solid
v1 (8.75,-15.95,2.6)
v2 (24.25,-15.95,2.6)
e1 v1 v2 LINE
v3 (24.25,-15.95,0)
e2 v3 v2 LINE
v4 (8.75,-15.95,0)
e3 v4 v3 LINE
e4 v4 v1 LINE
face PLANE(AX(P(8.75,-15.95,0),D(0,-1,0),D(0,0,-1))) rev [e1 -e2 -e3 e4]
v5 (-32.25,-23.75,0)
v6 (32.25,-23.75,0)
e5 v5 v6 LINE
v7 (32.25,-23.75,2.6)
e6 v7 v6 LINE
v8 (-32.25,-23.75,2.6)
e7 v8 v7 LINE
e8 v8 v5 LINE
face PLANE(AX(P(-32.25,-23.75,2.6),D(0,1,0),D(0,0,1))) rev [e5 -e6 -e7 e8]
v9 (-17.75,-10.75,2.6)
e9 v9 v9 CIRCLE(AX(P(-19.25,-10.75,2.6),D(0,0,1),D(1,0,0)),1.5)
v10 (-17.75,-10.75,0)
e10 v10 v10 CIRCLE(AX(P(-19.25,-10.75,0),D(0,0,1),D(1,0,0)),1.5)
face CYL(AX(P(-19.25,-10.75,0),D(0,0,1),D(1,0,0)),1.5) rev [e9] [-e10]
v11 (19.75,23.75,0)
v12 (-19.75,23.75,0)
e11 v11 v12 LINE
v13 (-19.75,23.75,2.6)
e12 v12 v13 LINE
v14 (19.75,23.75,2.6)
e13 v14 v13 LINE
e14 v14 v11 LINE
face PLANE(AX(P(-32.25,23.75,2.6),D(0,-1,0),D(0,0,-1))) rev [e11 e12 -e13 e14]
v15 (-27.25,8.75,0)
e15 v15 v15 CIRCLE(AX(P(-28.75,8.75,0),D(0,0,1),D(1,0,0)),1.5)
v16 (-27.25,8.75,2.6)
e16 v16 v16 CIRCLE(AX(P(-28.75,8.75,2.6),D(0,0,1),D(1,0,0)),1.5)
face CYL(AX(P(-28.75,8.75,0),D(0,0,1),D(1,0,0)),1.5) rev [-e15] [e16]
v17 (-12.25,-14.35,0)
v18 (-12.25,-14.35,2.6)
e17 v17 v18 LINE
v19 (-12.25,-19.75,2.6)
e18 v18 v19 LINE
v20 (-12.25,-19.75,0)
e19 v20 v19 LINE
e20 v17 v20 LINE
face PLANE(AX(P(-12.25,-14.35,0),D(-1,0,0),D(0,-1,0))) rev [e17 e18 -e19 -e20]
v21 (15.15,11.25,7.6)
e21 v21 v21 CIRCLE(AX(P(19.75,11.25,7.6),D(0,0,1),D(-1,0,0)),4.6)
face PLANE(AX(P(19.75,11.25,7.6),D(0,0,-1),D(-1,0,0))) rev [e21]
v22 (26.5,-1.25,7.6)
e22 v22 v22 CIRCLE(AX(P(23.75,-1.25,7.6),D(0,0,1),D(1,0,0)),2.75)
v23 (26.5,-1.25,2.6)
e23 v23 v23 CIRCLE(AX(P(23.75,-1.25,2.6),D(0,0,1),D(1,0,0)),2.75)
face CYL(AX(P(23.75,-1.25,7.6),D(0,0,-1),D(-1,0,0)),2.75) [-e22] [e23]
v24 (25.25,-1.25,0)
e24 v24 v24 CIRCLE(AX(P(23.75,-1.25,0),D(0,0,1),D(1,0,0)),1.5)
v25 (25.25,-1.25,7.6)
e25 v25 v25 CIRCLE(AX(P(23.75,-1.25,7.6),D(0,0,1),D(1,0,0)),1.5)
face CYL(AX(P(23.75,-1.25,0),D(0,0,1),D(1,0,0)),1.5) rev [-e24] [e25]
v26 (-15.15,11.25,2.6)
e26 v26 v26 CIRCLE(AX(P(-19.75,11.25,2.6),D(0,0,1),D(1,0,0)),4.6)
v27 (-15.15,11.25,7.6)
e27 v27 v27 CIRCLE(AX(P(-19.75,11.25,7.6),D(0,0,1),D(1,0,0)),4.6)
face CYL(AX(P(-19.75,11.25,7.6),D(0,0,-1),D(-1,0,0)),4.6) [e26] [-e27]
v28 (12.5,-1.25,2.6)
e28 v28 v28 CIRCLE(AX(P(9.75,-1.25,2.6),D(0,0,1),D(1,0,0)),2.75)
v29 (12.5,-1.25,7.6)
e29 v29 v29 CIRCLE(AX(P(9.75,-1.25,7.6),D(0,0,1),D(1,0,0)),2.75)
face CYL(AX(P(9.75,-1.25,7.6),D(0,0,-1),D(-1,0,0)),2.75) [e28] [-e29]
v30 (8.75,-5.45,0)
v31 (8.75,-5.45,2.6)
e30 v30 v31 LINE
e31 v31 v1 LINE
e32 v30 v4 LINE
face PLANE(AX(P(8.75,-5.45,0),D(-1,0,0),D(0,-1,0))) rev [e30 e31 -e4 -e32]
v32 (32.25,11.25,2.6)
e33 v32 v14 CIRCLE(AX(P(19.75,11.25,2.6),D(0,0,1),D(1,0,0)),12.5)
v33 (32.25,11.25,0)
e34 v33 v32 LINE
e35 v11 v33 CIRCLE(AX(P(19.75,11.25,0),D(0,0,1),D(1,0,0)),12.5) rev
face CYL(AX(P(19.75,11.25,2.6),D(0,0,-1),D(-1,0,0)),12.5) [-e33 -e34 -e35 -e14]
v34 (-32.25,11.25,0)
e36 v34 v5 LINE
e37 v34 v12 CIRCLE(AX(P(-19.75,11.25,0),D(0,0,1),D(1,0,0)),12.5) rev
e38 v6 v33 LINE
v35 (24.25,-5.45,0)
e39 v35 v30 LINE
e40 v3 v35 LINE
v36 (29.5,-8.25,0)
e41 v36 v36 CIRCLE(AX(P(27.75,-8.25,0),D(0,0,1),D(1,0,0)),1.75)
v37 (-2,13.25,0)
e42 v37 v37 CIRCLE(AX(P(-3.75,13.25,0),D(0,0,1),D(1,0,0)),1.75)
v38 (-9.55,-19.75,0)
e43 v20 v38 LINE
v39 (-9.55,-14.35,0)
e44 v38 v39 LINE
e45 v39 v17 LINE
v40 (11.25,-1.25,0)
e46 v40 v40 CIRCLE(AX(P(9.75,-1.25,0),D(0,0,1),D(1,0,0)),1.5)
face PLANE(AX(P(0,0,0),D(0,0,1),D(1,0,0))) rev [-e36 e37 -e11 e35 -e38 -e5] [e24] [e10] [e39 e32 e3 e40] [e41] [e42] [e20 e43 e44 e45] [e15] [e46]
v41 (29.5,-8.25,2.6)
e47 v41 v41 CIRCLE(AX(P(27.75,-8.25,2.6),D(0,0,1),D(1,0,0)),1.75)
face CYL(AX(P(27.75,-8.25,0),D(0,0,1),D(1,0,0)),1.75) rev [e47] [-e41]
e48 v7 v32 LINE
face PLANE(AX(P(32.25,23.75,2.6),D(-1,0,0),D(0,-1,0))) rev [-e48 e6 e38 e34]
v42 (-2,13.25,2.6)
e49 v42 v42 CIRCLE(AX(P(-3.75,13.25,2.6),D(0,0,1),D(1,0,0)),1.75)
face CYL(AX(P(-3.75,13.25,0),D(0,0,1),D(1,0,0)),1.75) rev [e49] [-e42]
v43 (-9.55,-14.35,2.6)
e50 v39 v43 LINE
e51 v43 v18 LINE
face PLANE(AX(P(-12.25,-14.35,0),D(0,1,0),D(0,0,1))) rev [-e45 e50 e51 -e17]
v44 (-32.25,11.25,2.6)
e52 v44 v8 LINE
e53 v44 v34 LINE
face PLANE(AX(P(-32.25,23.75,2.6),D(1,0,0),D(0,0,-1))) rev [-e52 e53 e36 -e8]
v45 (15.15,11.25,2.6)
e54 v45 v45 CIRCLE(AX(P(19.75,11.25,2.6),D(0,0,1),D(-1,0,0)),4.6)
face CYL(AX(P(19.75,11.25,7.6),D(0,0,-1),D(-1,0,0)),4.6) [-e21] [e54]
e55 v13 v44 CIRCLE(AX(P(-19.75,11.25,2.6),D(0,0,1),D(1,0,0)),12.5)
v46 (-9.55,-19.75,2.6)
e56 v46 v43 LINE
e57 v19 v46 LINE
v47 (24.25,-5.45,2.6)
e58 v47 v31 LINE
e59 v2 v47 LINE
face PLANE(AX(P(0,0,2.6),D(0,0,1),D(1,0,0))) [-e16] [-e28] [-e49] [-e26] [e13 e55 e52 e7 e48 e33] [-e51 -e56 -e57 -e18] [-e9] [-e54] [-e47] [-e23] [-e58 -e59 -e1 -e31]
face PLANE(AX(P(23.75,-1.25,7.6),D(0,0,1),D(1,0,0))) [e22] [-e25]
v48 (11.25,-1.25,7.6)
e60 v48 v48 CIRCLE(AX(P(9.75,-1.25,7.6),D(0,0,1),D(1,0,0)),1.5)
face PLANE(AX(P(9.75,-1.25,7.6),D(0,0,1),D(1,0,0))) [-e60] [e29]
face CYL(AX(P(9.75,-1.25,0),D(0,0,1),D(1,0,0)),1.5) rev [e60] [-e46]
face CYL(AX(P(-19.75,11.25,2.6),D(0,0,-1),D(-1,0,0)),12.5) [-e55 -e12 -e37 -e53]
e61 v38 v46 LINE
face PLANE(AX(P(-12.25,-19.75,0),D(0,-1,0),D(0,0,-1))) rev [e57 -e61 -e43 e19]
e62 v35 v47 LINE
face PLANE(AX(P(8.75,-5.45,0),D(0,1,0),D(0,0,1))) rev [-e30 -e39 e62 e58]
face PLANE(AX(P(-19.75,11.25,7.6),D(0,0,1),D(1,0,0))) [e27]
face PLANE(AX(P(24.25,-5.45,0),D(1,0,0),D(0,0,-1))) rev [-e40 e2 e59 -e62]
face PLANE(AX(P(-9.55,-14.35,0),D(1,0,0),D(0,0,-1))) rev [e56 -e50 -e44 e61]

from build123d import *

# Parameters (mm, degrees)
SKETCH_1_W          = 64.5
SKETCH_1_H          = 47.5
EXTRUDE_1_DEPTH     = 2.6
FILLET_1_R          = 12.5
SKETCH_2_R          = 1.5
SKETCH_2_R_2        = 1.75
SKETCH_2_W          = 2.7
SKETCH_2_H          = 5.4
SKETCH_2_W_2        = 15.5
SKETCH_2_H_2        = 10.5
CUT_EXTRUDE_1_DEPTH = 2.6
SKETCH_3_R          = 4.6
SKETCH_3_R_2        = 2.75
EXTRUDE_2_DEPTH     = 5
CUT_EXTRUDE_START   = -26
SKETCH_4_R          = 1.5
CUT_EXTRUDE_2_DEPTH = 26


with BuildPart() as part:
    # 草图1 → 凸台-拉伸1 (new body)
    with BuildSketch(Plane.XY):
        Rectangle(SKETCH_1_W, SKETCH_1_H)
    extrude(amount=EXTRUDE_1_DEPTH)

    # 圆角1
    fillet_1_edges = [part.edges().sort_by_distance(p)[0] for p in [
        (-32.25, 23.75, 1.3),
        (32.25, 23.75, 1.3),
    ]]
    fillet(fillet_1_edges, radius=FILLET_1_R)

    # 草图2 → 切除-拉伸1 (cut)
    with BuildSketch(Plane.XY.offset(2.6)):
        with Locations((-19.25, -10.75)):
            Circle(SKETCH_2_R)
        with Locations((-28.75, 8.75)):
            Circle(SKETCH_2_R)
        with Locations((27.75, -8.25)):
            Circle(SKETCH_2_R_2)
        with Locations((23.75, -1.25)):
            Circle(SKETCH_2_R)
        with Locations((9.75, -1.25)):
            Circle(SKETCH_2_R)
        with Locations((-3.75, 13.25)):
            Circle(SKETCH_2_R_2)
        with Locations((-10.9, -17.05)):
            Rectangle(SKETCH_2_W, SKETCH_2_H)
        with Locations((16.5, -10.7)):
            Rectangle(SKETCH_2_W_2, SKETCH_2_H_2)
    extrude(amount=-CUT_EXTRUDE_1_DEPTH, mode=Mode.SUBTRACT)

    # 草图3 → 凸台-拉伸2 (add)
    with BuildSketch(Plane.XY.offset(2.6)):
        with Locations((-19.75, 11.25)):
            Circle(SKETCH_3_R)
        with Locations(Location((19.75, 11.25, 0), (0, 0, 180))):
            Circle(SKETCH_3_R)
        with Locations((9.75, -1.25)):
            Circle(SKETCH_3_R_2)
        with Locations((23.75, -1.25)):
            Circle(SKETCH_3_R_2)
    extrude(amount=EXTRUDE_2_DEPTH)

    # 草图4 → 切除-拉伸2 (cut)
    with BuildSketch(Plane(origin=(0, 0, 0), x_dir=(-1, 0, 0), z_dir=(0, 0, -1)).offset(CUT_EXTRUDE_START)):
        with Locations(Location((-23.75, -1.25, 0), (0, 0, 180))):
            Circle(SKETCH_4_R)
        with Locations(Location((-9.75, -1.25, 0), (0, 0, 180))):
            Circle(SKETCH_4_R)
    extrude(amount=CUT_EXTRUDE_2_DEPTH, mode=Mode.SUBTRACT)


solid = part.part
